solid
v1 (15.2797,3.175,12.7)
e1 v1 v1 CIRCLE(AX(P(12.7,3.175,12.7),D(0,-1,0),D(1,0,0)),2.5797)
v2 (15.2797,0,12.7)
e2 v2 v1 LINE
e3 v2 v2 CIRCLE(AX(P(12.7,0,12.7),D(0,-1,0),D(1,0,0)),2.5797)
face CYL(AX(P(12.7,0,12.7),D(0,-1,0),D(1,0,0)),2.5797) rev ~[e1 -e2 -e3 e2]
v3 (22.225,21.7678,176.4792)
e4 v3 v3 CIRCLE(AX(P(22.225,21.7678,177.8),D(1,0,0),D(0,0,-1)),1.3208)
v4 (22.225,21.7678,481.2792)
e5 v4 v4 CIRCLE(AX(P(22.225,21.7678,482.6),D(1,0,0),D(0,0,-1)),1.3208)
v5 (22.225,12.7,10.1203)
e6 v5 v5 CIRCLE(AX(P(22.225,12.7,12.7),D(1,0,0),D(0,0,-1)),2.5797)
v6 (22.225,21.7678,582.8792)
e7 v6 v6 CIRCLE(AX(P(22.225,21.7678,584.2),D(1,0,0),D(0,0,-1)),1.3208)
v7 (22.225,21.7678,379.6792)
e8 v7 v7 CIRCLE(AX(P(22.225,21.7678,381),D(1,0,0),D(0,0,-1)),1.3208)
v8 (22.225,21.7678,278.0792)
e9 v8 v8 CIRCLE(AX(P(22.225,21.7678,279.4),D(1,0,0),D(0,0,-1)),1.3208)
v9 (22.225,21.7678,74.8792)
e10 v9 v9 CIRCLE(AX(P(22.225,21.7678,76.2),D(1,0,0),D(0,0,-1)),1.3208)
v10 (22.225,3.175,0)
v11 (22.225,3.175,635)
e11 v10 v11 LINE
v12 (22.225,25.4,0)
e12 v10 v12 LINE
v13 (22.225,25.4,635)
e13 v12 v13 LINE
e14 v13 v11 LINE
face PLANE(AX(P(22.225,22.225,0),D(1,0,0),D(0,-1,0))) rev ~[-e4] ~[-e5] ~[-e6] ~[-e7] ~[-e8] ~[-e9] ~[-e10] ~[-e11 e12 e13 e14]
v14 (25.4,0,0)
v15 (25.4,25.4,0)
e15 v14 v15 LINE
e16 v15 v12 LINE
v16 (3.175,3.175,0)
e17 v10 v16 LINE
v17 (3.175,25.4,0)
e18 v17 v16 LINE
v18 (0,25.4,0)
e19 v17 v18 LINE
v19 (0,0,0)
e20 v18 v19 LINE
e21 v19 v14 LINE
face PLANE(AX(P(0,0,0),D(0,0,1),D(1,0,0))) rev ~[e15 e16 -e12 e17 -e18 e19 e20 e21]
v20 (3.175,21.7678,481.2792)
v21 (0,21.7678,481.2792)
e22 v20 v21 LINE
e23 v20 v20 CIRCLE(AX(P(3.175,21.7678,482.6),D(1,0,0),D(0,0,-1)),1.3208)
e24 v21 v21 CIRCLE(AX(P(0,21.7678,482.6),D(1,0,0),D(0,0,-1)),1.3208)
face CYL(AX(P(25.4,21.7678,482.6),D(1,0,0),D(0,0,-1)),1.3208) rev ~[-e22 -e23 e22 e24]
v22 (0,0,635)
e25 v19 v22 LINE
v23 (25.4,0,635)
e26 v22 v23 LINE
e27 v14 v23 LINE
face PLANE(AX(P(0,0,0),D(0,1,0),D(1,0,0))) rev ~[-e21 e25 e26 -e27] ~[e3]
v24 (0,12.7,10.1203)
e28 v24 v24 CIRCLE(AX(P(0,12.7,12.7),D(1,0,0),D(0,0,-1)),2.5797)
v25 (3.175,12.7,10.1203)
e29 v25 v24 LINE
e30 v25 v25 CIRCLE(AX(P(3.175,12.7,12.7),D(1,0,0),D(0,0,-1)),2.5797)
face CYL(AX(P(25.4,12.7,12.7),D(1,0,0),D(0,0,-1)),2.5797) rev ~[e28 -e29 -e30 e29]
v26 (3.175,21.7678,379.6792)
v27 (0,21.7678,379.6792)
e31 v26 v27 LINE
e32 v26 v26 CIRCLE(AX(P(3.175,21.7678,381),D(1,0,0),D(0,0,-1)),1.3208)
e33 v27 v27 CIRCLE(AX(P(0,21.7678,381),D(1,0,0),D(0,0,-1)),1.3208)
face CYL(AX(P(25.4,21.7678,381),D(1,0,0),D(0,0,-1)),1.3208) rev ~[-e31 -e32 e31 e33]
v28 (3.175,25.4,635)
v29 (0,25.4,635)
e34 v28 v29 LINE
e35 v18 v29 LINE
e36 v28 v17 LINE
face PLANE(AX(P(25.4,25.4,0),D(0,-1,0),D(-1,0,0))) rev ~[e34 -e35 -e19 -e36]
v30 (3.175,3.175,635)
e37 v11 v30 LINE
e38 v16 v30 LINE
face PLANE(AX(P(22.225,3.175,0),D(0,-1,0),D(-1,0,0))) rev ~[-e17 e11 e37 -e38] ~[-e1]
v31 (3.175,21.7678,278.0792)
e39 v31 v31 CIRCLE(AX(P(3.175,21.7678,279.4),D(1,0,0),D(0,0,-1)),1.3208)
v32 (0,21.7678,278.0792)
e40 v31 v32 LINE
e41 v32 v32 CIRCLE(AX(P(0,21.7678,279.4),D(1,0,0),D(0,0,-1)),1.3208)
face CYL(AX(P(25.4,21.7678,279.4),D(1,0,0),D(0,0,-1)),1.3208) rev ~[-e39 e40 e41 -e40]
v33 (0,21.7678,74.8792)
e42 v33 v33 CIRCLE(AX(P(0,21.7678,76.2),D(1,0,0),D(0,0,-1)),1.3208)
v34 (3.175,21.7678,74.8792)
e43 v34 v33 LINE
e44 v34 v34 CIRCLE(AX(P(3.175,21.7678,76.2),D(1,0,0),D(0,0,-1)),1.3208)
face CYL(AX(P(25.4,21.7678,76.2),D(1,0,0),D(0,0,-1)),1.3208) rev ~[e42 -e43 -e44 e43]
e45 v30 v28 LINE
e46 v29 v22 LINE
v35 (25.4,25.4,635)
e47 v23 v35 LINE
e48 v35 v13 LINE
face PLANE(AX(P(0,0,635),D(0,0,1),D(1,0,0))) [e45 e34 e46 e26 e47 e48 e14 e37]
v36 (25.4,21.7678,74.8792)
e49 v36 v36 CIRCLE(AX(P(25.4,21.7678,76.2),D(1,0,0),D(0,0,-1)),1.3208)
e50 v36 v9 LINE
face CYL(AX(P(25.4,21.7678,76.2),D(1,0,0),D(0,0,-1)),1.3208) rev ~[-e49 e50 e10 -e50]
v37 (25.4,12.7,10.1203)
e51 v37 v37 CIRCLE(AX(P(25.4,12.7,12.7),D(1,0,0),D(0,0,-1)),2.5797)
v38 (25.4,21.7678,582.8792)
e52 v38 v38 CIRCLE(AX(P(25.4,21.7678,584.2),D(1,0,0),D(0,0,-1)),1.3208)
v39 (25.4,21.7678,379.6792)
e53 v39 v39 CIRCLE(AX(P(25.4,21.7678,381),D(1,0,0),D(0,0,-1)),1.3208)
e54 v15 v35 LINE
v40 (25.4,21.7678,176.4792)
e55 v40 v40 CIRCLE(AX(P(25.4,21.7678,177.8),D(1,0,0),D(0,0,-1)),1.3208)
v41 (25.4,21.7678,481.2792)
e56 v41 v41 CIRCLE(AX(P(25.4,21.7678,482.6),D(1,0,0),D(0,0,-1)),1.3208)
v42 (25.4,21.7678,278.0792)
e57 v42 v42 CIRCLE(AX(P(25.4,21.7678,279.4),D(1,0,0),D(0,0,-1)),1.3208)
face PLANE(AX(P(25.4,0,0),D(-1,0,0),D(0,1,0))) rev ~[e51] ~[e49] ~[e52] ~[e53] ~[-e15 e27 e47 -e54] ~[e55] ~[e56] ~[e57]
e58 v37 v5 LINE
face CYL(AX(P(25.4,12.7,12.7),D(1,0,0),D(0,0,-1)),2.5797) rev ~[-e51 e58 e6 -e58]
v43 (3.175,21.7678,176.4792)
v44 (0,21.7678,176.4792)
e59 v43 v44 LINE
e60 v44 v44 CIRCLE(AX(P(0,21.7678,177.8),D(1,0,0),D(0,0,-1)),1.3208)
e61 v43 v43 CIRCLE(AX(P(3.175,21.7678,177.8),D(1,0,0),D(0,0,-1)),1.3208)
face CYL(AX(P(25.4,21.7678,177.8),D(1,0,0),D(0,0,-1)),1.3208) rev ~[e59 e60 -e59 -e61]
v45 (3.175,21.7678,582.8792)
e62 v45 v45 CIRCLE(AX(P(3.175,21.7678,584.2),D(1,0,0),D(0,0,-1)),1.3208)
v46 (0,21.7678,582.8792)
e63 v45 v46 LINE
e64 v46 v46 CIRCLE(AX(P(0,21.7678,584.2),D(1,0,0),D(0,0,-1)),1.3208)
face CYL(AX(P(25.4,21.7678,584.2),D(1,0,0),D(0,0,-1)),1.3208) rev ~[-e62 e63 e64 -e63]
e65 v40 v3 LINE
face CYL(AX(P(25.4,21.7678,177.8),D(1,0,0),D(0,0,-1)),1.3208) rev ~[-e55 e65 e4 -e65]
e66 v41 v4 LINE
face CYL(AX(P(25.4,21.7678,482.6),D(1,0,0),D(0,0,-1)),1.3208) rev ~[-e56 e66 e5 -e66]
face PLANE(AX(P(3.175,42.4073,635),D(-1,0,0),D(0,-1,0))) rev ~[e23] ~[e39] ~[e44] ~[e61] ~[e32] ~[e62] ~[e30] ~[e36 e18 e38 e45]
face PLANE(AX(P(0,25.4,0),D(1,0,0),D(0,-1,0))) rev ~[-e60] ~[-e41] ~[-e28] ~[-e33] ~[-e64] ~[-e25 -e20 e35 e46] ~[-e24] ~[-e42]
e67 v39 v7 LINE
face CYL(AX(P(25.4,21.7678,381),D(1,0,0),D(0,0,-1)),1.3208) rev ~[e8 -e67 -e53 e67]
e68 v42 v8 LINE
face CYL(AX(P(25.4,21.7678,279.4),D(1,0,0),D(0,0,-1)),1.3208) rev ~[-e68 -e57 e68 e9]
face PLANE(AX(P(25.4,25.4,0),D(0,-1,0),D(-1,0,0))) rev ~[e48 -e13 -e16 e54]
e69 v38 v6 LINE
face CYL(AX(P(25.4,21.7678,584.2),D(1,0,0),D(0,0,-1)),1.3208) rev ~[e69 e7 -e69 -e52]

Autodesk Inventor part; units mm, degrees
ref_plane "YZ Plane" through (0, 0, 0) normal (1, 0, 0) x (0, 1, 0)
ref_plane "XZ Plane" through (0, 0, 0) normal (0, 1, 0) x (-1, 0, 0)
ref_plane "XY Plane" through (0, 0, 0) normal (0, 0, 1) x (1, 0, 0)
sketch "Sketch1" plane through (0, 0, 0) normal (0, 0, 1) x (1, 0, 0)
  line L0 (0, 0) -> (25.4, 0)
  line L1 (25.4, 0) -> (25.4, 25.4)
  line L2 (25.4, 25.4) -> (0, 25.4)
  line L3 (0, 25.4) -> (0, 0)
  line L4 (3.175, 22.225) -> (22.225, 22.225)
  line L5 (22.225, 22.225) -> (22.225, 3.175)
  line L6 (22.225, 3.175) -> (3.175, 3.175)
  line L7 (3.175, 3.175) -> (3.175, 22.225)
  dimension "d0" = 25.4
  dimension "d1" = 25.4
  dimension "d2" = 3.175
extrude "Extrusion1" add sketch "Sketch1" along normal blind 635
sketch "Sketch2" plane through (25.4, 0, 0) normal (1, 0, 0) x (0, 0, -1)
  line L0 (0, 0) -> (0, 25.4) construction
  line L1 (0, 25.4) -> (0, 18.7198) construction
  line L2 (0, 25.4) -> (0, 21.7678) construction
  line L3 (0, 22.225) -> (-635, 22.225) construction
  line L4 (0, 21.7678) -> (-76.2, 21.7678) construction
  line L5 (-76.2, 21.7678) -> (-177.8, 21.7678) construction
  line L6 (-177.8, 21.7678) -> (-279.4, 21.7678) construction
  line L7 (-279.4, 21.7678) -> (-381, 21.7678) construction
  line L8 (-381, 21.7678) -> (-482.6, 21.7678) construction
  line L9 (-482.6, 21.7678) -> (-584.2, 21.7678) construction
  circle A0 centre (-76.2, 21.7678) radius 1.3208
  circle A1 centre (-177.8, 21.7678) radius 1.3208
  circle A2 centre (-279.4, 21.7678) radius 1.3208
  circle A3 centre (-381, 21.7678) radius 1.3208
  circle A4 centre (-482.6, 21.7678) radius 1.3208
  circle A5 centre (-584.2, 21.7678) radius 1.3208
  dimension "d5" = 6.6802
  dimension "d6" = 3.6322
  dimension "d8" = 76.2
  dimension "d9" = 101.6
  dimension "d11" = 101.6
  dimension "d12" = 101.6
  dimension "d13" = 101.6
  dimension "d14" = 101.6
  dimension "d15" = 2.6416
extrude "Extrusion2" cut sketch "Sketch2" against normal blind 635
sketch "Sketch3" plane through (0, 0, 635) normal (0, 0, 1) x (1, 0, 0)
  line L0 (3.175, 3.175) -> (3.175, 22.225) projected
  line L1 (3.175, 22.225) -> (22.225, 22.225)
  line L2 (22.225, 22.225) -> (22.225, 42.4073)
  line L3 (22.225, 42.4073) -> (3.175, 42.4073)
  line L4 (3.175, 42.4073) -> (3.175, 22.225)
  point P0 (0, 0)
  dimension "d18" = 19.05
extrude "Extrusion3" cut sketch "Sketch3" against normal blind 635
sketch "Sketch4" plane through (25.4, 0, 0) normal (1, 0, 0) x (0, 0, -1)
  line L0 (0, 25.4) -> (0, 0) projected
  line L1 (0, 12.7) -> (-12.7, 12.7) construction
  line L2 (0, 12.7) -> (12.7, 12.7) construction
  circle A0 centre (-12.7, 12.7) radius 2.5797
  dimension "d21" = 12.7
  dimension "d22" = 180
  dimension "d23" = 5.1594
extrude "Extrusion4" cut sketch "Sketch4" against normal blind 635
sketch "Sketch5" plane through (0, 0, 0) normal (0, -1, 0) x (1, 0, 0)
  line L0 (0, 0) -> (25.4, 0) construction
  line L1 (12.7, 0) -> (12.7, 12.7) construction
  line L2 (12.7, 0) -> (25.4, 0) construction
  circle A0 centre (12.7, 12.7) radius 2.5797
  dimension "d26" = 12.7
  dimension "d27" = 90
  dimension "d28" = 5.1594
extrude "Extrusion6" cut sketch "Sketch5" against normal blind 635
properties part number "1x1 U-Channel"
